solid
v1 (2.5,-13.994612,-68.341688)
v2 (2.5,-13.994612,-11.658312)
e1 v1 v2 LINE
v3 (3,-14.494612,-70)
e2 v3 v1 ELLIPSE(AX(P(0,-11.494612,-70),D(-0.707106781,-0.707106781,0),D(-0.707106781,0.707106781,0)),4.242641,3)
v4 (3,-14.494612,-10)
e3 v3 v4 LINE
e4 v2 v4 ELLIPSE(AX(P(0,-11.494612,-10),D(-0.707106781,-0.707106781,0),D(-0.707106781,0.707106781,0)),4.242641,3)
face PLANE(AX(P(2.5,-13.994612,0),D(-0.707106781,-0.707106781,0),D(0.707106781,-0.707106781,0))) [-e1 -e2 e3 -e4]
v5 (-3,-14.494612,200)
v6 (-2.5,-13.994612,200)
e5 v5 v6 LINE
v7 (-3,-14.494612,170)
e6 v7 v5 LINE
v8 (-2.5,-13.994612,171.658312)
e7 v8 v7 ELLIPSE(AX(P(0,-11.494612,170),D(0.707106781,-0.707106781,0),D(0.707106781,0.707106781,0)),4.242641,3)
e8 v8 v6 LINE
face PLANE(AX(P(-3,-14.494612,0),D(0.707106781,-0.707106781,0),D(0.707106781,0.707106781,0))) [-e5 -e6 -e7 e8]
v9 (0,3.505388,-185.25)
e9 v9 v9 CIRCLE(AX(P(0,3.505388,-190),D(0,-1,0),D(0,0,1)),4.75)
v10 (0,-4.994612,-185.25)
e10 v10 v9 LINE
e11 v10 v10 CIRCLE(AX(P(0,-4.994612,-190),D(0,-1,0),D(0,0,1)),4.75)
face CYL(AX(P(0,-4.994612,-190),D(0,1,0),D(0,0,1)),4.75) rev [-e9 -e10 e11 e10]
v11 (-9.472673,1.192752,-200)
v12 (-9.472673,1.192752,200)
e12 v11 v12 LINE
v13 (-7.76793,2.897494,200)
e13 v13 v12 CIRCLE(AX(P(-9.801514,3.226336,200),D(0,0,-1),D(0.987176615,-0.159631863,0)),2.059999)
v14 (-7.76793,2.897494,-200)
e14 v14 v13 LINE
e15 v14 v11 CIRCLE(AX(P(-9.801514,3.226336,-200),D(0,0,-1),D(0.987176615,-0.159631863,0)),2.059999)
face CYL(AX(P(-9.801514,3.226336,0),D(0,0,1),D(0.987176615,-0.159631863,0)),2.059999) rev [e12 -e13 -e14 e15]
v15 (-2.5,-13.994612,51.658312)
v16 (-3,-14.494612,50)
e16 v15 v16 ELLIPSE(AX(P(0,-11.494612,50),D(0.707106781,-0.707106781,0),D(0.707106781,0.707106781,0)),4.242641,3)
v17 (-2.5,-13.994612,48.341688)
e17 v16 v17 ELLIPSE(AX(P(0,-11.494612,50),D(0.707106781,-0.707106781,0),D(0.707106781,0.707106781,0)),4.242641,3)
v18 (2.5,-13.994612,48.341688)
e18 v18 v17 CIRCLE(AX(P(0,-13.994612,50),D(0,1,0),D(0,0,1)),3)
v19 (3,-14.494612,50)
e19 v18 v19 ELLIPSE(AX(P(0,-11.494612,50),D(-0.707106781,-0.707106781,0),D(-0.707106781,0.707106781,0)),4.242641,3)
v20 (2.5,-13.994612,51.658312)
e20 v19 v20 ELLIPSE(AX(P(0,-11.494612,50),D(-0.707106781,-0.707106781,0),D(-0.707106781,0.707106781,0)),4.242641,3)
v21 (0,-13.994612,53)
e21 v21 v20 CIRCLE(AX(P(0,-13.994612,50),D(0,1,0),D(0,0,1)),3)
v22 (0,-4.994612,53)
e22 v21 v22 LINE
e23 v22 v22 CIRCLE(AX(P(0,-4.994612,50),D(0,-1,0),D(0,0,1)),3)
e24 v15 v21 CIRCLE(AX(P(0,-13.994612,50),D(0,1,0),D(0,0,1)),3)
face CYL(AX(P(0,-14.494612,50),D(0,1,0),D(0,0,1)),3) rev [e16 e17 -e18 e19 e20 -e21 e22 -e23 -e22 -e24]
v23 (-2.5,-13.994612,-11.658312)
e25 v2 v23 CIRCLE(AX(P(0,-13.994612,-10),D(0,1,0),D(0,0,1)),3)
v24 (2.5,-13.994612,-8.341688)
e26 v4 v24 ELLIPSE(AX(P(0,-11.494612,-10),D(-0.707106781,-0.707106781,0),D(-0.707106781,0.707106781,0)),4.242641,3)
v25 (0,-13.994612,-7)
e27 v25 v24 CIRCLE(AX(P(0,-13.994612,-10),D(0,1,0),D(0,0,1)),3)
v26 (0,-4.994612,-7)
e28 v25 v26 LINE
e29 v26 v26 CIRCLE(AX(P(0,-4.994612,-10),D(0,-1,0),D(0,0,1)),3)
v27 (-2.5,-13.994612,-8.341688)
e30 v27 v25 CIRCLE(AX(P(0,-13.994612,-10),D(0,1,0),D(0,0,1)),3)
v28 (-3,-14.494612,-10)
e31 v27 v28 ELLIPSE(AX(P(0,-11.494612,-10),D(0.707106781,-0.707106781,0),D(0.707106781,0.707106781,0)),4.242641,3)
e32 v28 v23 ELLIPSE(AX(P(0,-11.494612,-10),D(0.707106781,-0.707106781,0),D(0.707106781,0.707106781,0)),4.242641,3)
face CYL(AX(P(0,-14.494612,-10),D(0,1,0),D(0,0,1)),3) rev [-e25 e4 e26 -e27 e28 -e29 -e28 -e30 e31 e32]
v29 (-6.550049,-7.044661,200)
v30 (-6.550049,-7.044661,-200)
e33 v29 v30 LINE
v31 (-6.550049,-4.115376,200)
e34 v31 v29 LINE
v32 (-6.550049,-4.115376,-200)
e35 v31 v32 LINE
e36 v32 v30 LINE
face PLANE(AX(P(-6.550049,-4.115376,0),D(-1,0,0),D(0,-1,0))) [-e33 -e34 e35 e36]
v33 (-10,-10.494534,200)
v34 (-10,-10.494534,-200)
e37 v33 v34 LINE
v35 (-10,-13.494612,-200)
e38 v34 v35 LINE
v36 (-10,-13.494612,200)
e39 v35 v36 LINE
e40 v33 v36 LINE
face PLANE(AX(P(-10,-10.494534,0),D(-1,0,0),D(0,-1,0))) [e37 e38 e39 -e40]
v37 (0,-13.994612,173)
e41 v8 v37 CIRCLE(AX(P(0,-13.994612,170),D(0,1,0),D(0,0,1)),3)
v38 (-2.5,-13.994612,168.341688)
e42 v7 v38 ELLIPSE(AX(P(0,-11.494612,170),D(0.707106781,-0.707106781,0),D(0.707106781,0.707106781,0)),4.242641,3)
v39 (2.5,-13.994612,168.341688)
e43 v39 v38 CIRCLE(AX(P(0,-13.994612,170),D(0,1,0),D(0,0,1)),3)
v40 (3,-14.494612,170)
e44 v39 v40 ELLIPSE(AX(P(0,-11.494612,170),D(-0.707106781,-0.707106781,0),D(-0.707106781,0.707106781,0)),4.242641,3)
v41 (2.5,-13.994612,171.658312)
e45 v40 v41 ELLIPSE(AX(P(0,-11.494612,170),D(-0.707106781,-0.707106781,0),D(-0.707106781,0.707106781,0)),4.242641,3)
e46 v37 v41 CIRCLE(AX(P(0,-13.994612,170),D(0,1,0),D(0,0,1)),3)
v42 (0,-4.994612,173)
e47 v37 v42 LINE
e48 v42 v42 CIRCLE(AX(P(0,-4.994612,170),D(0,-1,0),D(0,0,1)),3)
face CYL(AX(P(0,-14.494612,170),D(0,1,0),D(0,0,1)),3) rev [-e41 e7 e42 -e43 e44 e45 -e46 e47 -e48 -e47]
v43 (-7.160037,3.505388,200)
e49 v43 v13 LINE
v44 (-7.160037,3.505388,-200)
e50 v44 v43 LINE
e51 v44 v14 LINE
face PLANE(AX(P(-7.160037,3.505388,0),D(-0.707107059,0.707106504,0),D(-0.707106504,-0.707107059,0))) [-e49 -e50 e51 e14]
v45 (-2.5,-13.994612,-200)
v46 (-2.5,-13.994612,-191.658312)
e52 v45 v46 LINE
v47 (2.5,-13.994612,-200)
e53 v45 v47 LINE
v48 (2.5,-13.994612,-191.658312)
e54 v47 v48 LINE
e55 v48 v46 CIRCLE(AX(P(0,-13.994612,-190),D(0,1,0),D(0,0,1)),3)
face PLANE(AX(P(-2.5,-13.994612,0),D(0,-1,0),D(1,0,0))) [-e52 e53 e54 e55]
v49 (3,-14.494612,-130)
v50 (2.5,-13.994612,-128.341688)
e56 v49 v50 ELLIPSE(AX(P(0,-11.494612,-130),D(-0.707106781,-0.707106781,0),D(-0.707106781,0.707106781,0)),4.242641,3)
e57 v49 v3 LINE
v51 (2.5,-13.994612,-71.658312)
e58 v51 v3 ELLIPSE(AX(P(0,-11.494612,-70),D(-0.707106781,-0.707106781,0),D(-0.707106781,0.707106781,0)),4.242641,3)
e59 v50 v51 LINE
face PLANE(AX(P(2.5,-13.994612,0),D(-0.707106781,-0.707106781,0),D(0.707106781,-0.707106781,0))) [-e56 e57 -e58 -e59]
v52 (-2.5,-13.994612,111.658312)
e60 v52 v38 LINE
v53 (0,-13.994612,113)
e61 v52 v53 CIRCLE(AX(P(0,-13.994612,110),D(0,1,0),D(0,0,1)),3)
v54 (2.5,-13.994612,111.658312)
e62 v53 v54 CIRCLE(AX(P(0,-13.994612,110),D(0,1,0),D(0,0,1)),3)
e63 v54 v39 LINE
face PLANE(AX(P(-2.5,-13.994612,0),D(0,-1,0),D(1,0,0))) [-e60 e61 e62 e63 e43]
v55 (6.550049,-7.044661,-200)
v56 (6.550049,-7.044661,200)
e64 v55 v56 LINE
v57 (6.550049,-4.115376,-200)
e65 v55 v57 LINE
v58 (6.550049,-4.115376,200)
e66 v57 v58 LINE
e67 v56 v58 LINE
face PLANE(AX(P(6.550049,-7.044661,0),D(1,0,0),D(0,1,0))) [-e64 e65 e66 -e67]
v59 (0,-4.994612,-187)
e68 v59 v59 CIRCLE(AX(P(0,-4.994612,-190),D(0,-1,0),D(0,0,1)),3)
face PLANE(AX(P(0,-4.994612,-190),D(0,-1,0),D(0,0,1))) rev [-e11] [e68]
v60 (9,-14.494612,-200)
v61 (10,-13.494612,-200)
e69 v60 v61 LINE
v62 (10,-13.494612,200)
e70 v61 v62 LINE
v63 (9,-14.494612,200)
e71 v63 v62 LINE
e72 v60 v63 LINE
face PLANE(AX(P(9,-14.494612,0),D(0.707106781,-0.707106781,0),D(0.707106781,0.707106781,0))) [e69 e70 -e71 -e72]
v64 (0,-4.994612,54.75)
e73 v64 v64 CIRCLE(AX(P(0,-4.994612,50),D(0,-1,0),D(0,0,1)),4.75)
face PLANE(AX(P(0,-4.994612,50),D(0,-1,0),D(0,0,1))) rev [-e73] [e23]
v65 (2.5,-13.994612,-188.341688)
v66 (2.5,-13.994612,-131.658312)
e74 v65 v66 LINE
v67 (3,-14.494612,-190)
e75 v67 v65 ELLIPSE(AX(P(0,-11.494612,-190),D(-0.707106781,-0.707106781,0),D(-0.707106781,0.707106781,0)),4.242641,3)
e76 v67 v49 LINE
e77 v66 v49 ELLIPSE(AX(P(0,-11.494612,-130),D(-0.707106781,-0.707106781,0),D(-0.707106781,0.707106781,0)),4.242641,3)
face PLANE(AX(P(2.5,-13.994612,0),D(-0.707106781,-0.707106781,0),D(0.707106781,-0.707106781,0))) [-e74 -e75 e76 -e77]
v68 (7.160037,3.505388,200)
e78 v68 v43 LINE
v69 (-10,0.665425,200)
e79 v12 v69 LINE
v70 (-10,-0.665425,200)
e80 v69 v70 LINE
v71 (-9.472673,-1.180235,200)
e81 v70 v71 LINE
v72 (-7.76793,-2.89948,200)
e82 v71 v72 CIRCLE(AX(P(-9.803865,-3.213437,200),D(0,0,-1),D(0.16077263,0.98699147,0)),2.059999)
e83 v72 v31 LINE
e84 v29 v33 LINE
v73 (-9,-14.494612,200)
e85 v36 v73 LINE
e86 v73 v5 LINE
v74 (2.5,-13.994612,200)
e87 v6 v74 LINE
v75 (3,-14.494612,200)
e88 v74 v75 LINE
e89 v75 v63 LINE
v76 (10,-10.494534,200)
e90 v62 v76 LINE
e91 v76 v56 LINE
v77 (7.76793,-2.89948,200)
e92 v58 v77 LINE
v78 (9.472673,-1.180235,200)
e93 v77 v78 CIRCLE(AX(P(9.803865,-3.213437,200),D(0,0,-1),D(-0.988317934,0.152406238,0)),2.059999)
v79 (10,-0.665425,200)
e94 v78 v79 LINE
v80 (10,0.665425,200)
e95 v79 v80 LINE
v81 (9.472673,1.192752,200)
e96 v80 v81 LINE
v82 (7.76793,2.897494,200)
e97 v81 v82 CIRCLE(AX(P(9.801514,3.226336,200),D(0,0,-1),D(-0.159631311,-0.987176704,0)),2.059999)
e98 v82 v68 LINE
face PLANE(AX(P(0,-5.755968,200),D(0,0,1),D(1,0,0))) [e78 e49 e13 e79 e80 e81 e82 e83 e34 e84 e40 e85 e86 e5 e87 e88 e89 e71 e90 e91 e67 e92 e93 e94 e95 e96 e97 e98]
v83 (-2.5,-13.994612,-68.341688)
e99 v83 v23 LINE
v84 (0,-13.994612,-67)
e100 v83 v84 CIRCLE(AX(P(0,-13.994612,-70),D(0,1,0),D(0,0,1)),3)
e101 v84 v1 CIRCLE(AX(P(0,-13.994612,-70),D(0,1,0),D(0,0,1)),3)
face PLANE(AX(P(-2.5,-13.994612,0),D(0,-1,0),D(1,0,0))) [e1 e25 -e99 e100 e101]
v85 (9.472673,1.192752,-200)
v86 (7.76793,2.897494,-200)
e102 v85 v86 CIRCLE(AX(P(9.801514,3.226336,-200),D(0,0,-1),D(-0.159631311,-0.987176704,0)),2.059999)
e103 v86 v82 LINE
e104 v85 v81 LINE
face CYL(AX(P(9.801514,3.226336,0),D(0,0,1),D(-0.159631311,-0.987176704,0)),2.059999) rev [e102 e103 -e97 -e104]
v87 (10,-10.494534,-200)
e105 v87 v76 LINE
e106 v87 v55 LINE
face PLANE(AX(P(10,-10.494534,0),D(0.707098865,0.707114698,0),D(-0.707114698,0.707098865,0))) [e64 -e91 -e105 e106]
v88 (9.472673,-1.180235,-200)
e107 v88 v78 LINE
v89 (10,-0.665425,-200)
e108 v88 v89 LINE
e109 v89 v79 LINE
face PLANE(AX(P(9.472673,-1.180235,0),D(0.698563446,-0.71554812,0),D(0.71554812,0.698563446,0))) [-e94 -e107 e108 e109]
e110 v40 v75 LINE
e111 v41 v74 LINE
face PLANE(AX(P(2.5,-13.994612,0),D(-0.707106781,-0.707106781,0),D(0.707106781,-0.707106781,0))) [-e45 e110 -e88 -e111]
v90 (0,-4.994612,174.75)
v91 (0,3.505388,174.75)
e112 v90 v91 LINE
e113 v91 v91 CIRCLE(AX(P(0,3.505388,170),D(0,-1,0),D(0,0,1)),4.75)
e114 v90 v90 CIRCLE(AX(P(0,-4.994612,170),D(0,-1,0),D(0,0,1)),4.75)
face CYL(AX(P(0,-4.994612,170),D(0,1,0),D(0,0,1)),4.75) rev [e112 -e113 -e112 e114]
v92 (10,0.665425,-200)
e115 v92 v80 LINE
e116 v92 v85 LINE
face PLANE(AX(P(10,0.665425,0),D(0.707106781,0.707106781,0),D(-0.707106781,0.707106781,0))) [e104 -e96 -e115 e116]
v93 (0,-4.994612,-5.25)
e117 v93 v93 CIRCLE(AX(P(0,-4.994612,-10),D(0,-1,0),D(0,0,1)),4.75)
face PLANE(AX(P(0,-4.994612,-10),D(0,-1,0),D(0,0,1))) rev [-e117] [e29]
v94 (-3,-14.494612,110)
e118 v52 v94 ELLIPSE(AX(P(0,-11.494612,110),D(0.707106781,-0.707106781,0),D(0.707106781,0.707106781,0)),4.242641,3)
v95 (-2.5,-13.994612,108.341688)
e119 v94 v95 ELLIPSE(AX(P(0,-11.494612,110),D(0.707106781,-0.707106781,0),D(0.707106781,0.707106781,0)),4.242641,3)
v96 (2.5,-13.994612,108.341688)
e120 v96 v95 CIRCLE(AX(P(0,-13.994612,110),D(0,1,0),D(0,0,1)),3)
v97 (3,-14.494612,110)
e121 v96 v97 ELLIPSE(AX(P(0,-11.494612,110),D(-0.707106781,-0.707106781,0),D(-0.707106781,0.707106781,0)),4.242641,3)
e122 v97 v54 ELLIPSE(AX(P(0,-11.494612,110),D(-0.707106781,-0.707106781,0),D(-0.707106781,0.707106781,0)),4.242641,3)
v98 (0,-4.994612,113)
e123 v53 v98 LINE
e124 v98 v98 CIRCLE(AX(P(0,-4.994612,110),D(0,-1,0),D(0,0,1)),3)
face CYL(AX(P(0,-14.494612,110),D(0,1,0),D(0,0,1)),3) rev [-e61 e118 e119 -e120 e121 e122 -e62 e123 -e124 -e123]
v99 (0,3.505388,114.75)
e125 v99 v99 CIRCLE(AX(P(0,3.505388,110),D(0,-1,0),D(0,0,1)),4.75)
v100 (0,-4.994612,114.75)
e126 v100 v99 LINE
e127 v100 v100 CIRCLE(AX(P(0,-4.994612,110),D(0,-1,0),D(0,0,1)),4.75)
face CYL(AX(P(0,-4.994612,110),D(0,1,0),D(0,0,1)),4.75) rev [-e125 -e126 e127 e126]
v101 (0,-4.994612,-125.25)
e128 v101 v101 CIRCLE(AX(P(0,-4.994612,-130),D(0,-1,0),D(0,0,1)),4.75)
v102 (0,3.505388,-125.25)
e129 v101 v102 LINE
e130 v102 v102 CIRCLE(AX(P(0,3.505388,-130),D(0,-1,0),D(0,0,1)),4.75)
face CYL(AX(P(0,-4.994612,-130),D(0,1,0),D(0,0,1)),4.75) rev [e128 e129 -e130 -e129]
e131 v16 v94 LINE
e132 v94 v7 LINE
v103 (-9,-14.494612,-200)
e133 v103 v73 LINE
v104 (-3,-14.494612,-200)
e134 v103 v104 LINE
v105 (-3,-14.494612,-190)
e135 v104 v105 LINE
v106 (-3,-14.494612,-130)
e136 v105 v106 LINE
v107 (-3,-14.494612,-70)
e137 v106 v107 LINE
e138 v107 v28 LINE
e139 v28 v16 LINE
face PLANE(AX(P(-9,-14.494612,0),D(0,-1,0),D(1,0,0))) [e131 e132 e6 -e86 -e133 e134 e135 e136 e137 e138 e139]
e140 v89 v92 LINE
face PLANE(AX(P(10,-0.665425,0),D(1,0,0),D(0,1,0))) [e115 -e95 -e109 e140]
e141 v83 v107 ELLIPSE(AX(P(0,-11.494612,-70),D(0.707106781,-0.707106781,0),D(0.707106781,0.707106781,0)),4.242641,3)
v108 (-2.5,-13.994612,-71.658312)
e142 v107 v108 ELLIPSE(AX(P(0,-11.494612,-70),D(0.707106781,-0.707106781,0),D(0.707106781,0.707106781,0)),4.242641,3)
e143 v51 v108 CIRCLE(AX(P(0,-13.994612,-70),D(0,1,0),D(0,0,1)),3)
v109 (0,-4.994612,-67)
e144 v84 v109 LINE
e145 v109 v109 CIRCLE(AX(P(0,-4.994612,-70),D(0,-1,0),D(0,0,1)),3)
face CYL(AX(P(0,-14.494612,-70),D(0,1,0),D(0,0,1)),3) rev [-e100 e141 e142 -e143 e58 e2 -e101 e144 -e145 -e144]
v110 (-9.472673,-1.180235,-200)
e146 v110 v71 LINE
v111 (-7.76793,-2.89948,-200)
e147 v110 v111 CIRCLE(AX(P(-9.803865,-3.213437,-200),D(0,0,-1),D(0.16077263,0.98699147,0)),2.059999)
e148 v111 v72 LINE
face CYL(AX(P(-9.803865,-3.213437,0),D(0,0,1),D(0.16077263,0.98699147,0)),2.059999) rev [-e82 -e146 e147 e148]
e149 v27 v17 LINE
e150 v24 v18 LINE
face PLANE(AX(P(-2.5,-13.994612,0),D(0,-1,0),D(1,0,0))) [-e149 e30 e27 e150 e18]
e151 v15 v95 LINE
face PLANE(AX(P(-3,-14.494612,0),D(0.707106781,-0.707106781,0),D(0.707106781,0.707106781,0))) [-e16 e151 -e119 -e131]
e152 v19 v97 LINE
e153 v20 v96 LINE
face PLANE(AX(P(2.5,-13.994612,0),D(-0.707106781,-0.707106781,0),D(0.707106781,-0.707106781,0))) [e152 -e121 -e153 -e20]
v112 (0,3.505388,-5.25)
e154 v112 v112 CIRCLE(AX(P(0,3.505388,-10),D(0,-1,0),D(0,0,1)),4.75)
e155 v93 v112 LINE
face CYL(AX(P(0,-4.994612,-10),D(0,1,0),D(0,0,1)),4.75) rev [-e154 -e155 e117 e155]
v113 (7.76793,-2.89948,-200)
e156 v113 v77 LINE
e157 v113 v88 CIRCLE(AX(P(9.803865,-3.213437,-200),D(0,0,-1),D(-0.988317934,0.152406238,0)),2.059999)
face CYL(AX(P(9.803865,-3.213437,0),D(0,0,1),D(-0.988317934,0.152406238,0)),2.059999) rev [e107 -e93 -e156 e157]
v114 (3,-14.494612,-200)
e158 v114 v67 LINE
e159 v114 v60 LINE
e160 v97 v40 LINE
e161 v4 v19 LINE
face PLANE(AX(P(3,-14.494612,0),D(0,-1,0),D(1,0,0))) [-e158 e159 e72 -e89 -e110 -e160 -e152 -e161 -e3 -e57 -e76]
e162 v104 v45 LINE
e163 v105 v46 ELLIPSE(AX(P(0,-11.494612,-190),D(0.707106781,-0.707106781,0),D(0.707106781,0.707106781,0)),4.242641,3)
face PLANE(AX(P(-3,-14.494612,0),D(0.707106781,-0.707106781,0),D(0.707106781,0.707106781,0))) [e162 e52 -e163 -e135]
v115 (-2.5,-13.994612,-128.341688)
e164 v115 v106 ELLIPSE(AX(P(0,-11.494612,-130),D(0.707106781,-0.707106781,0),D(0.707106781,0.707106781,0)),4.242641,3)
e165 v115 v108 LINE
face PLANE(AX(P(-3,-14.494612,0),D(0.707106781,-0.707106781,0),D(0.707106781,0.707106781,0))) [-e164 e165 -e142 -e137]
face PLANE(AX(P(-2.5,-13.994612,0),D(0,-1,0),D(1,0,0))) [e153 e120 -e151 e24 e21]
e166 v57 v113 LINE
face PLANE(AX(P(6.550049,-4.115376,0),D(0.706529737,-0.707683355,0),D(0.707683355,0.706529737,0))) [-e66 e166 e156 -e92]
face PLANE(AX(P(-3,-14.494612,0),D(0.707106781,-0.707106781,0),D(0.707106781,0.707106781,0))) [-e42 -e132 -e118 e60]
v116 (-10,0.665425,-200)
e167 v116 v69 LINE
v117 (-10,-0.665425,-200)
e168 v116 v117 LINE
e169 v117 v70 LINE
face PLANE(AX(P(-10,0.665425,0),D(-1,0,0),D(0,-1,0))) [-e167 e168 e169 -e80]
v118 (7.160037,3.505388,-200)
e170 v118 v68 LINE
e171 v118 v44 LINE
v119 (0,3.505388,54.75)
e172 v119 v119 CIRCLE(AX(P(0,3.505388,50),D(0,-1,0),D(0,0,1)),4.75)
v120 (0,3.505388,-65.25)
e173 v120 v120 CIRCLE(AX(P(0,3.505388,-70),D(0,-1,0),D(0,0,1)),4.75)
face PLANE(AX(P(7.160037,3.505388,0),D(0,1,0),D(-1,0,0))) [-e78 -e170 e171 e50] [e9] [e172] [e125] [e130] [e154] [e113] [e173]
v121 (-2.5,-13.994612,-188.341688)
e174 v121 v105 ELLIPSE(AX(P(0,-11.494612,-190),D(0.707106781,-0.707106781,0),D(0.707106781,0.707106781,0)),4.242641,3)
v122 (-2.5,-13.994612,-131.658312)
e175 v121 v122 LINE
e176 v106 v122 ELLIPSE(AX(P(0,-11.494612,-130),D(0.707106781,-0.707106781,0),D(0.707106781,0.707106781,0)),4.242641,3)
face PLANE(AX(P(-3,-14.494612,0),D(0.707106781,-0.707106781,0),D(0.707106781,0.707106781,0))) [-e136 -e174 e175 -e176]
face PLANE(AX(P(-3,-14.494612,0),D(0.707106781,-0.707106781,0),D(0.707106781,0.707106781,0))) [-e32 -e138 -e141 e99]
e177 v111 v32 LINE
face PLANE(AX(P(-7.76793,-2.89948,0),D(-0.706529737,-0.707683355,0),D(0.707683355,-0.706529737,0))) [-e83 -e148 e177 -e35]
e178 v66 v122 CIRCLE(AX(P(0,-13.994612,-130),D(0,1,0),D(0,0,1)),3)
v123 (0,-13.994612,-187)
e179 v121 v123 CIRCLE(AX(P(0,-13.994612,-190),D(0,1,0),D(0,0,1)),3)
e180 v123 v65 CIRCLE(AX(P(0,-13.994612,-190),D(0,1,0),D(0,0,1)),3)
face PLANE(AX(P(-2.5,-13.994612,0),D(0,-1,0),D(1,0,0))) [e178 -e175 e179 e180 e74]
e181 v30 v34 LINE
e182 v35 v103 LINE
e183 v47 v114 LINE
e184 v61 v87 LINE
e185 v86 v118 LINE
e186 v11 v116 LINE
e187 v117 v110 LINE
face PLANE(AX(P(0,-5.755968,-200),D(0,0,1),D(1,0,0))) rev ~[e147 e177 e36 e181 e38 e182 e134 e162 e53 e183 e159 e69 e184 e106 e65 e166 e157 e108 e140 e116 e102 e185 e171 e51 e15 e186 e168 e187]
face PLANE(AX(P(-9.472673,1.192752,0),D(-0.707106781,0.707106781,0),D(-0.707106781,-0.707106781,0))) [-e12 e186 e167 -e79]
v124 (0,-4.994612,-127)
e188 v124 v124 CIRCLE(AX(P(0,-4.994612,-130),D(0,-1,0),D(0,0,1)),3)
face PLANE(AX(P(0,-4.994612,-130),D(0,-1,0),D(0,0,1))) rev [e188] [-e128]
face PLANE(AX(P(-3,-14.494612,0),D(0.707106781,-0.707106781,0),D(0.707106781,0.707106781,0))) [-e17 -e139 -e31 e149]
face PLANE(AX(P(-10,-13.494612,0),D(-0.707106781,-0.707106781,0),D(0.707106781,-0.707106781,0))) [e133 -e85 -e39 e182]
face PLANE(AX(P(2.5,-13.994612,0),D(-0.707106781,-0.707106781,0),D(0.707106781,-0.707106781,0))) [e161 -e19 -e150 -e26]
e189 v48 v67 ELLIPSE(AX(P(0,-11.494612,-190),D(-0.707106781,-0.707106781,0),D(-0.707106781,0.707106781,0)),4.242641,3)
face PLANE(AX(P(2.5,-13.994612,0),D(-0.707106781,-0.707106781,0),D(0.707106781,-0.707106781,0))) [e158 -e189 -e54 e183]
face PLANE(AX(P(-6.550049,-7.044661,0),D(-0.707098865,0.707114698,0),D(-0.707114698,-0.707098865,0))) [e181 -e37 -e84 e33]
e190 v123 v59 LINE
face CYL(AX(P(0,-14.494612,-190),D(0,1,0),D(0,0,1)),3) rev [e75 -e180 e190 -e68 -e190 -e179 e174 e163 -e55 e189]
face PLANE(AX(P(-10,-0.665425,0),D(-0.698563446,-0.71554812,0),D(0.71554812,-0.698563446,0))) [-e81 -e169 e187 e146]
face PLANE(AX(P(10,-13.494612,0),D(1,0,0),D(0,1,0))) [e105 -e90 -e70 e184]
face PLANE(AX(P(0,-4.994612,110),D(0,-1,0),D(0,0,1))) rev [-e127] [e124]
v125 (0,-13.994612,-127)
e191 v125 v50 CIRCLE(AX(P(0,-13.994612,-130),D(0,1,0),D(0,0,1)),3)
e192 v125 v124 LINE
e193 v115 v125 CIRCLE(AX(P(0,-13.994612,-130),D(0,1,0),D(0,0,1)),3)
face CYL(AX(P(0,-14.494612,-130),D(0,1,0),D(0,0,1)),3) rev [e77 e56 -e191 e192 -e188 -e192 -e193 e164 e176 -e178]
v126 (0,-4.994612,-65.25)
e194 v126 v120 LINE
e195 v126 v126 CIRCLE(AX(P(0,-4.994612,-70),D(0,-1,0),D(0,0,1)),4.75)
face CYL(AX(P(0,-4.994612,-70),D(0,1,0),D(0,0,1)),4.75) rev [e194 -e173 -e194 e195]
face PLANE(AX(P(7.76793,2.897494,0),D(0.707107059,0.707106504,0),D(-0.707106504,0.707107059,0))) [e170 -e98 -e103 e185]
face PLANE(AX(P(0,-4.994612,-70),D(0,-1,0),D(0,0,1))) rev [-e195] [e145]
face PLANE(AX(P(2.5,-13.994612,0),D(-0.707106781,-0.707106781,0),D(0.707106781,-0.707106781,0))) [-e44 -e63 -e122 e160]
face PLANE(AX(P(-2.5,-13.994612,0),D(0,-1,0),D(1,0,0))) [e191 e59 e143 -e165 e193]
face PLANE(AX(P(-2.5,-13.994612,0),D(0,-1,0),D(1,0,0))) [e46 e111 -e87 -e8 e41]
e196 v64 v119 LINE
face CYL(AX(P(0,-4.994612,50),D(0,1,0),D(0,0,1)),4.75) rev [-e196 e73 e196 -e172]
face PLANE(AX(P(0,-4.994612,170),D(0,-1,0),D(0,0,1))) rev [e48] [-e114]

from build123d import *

# Parameters (mm, degrees)
BOSS_EXTRUDE1_DEPTH = 200
LPATTERN1_COUNT     = 7
LPATTERN1_PITCH     = 60


with BuildPart() as part:
    # Sketch1 → Boss-Extrude1 (new, symmetric)
    with BuildSketch(Plane.XY):
        with BuildLine():
            Line((-10, -10.494534492), (-10, -13.49461174))
            Line((-10, -13.49461174), (-9, -14.49461174))
            Line((-9, -14.49461174), (-3, -14.49461174))
            Line((-3, -14.49461174), (-2.5, -13.99461174))
            Line((-2.5, -13.99461174), (2.5, -13.99461174))
            Line((2.5, -13.99461174), (3, -14.49461174))
            Line((3, -14.49461174), (9, -14.49461174))
            Line((9, -14.49461174), (10, -13.49461174))
            Line((10, -13.49461174), (10, -10.494534492))
            Line((10, -10.494534492), (6.550048828, -7.044660568))
            Line((6.550048828, -7.044660568), (6.550048828, -4.115376472))
            Line((6.550048828, -4.115376472), (7.767930373, -2.899480236))
            ThreePointArc((7.767930373, -2.899480236), (8.341068744, -1.762979997), (9.472673258, -1.180235103))
            Line((9.472673258, -1.180235103), (10, -0.665425301))
            Line((10, -0.665425301), (10, 0.665425301))
            Line((10, 0.665425301), (9.472673258, 1.192752043))
            ThreePointArc((9.472673258, 1.192752043), (8.344874488, 1.769695527), (7.767930373, 2.897493974))
            Line((7.767930373, 2.897493974), (7.160036564, 3.50538826))
            Line((7.160036564, 3.50538826), (-7.160036564, 3.50538826))
            Line((-7.160036564, 3.50538826), (-7.767930373, 2.897493974))
            ThreePointArc((-7.767930373, 2.897493974), (-8.344874488, 1.769695527), (-9.472673258, 1.192752043))
            Line((-9.472673258, 1.192752043), (-10, 0.665425301))
            Line((-10, 0.665425301), (-10, -0.665425301))
            Line((-10, -0.665425301), (-9.472673258, -1.180235103))
            ThreePointArc((-9.472673258, -1.180235103), (-8.341068744, -1.762979997), (-7.767930373, -2.899480236))
            Line((-7.767930373, -2.899480236), (-6.550048828, -4.115376472))
            Line((-6.550048828, -4.115376472), (-6.550048828, -7.044660568))
            Line((-6.550048828, -7.044660568), (-10, -10.494534492))
        make_face()
    extrude(amount=BOSS_EXTRUDE1_DEPTH, both=True)

    # Sketch2 → Cut-Revolve1 (revolve, cut)
    with BuildSketch(Plane(origin=(0, 0, 0), x_dir=(0, 0, -1), z_dir=(1, 0, 0))):
        Polygon((-170, 3.50538826), (-170, -14.49461174), (-173, -14.49461174), (-173, -4.99461174), (-174.75, -4.99461174), (-174.75, 3.50538826), align=None)
    cut_revolve1 = revolve(axis=Axis((0, 3.50538826, 170), (0, -1, 0)), mode=Mode.SUBTRACT)

    # LPattern1: Cut-Revolve1 ×7
    with Locations(*[(0, 0, -i * LPATTERN1_PITCH) for i in range(1, LPATTERN1_COUNT)]):
        add(cut_revolve1, mode=Mode.SUBTRACT)


solid = part.part
